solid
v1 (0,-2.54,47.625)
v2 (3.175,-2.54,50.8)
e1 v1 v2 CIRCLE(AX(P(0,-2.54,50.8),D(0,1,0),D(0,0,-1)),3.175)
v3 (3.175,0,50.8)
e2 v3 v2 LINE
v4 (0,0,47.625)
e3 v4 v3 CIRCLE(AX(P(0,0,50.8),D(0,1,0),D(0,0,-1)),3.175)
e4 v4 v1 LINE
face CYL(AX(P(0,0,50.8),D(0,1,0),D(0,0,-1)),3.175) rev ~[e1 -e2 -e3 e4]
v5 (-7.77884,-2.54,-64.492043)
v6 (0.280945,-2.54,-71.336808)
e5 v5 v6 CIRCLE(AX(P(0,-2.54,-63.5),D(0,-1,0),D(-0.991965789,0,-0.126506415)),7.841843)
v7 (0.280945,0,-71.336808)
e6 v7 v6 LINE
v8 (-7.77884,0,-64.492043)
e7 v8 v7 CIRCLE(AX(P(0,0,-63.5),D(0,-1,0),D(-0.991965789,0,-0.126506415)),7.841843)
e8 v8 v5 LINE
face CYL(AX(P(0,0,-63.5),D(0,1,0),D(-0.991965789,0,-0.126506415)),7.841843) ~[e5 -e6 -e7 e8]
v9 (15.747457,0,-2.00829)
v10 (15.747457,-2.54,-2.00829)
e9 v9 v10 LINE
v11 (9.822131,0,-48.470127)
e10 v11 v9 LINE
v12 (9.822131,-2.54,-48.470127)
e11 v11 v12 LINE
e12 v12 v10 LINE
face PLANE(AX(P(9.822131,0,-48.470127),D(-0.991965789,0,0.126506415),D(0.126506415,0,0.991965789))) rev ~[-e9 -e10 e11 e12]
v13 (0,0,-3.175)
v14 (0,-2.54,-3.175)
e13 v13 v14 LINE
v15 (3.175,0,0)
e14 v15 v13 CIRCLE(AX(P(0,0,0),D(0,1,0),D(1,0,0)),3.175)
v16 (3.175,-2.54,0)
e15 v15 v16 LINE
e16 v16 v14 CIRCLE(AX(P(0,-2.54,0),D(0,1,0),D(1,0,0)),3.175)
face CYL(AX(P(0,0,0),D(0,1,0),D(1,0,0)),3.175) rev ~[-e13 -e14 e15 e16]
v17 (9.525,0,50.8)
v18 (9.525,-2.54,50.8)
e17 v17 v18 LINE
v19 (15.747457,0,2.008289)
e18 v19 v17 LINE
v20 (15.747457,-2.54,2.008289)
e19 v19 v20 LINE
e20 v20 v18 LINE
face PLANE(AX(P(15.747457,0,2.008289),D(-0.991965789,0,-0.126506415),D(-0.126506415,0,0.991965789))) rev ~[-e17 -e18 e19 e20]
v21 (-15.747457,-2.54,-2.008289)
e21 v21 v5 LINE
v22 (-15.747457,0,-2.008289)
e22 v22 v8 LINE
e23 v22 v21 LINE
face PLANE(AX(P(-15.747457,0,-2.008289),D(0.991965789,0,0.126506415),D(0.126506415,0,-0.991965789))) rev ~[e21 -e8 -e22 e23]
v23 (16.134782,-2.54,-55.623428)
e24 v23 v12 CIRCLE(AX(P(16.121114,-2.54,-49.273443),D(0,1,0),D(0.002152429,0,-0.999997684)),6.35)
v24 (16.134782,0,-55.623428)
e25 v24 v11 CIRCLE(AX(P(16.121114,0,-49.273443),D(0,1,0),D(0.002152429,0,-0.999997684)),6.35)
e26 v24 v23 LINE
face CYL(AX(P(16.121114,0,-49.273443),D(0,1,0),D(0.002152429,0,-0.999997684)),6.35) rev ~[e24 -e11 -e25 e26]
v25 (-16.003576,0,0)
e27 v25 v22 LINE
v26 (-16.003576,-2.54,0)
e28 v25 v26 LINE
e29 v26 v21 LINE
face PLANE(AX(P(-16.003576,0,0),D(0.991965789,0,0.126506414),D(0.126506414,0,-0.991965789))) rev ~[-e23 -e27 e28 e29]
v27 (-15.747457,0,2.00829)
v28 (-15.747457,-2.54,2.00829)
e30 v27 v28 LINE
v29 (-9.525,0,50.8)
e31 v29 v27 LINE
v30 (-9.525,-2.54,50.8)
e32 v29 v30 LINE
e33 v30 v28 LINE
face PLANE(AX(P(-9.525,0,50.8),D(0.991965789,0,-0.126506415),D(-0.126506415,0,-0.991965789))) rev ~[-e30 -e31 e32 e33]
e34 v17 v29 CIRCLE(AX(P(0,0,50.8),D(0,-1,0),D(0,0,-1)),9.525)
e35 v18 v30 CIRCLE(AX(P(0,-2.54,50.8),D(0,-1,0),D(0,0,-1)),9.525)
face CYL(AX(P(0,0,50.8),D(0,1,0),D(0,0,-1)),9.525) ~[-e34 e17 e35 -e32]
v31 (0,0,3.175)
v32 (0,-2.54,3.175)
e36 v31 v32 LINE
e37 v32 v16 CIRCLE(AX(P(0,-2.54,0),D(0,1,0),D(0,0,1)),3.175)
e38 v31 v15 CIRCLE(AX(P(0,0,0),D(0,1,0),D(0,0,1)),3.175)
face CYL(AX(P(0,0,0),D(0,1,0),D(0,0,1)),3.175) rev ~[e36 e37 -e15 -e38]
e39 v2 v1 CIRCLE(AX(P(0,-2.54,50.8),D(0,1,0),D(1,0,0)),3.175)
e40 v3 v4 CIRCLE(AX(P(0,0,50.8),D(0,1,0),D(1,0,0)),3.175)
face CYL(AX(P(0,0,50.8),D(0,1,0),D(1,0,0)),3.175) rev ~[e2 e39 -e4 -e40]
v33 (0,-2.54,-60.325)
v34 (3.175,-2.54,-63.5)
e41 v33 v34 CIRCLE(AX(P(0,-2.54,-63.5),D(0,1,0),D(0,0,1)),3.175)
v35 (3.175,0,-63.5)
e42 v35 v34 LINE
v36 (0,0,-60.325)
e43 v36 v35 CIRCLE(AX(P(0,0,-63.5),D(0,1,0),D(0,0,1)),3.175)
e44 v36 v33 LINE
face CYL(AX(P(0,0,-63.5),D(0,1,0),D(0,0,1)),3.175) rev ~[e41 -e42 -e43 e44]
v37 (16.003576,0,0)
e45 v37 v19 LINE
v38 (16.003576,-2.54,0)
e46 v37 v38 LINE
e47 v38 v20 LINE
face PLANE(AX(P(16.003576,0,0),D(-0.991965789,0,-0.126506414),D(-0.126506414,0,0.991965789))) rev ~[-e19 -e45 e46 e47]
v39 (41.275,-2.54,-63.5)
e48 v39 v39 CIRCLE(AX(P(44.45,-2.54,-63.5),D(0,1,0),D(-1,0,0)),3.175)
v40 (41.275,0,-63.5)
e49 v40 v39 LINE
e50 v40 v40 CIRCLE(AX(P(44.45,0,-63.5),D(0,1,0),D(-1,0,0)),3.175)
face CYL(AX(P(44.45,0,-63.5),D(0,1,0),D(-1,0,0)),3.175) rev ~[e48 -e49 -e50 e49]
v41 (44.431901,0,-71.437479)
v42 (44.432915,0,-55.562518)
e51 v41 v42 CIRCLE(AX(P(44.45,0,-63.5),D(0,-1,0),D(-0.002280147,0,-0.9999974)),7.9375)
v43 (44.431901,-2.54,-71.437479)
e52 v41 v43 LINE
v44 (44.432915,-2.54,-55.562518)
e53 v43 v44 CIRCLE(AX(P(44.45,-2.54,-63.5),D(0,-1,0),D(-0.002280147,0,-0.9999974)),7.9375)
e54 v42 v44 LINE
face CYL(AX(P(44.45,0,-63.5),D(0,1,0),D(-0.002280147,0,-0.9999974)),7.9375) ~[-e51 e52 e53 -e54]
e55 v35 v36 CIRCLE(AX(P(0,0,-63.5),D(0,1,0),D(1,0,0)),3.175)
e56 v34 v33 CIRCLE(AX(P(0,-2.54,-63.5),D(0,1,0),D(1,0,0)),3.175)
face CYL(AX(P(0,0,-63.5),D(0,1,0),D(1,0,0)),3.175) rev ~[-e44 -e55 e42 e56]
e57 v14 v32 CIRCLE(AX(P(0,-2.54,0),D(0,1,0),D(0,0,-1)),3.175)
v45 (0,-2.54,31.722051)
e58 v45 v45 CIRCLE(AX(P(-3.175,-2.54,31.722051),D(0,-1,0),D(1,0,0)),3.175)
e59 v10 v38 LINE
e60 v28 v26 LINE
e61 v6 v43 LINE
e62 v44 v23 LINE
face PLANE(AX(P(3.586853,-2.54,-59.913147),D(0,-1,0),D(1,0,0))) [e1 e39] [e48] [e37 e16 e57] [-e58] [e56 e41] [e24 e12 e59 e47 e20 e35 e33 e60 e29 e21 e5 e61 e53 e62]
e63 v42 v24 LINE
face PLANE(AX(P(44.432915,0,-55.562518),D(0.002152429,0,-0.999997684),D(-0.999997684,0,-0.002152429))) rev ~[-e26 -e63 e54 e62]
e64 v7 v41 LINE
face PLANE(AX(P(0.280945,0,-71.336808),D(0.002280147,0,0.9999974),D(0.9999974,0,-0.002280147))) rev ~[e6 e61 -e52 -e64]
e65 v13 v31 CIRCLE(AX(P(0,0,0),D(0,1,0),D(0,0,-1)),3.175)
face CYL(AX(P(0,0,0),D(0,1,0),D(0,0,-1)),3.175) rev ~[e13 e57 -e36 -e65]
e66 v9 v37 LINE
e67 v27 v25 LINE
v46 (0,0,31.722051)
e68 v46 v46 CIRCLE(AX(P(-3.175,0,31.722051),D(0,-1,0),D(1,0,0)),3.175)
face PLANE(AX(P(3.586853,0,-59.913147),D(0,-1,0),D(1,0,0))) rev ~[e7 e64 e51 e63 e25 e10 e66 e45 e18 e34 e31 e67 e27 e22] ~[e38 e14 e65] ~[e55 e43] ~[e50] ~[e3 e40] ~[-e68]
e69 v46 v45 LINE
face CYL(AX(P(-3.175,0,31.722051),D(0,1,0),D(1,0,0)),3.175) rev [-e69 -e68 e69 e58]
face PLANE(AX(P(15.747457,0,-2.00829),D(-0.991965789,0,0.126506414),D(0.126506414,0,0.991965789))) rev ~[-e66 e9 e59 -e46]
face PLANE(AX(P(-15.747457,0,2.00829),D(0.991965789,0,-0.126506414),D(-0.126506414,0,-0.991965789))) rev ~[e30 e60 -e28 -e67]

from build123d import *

# Parameters (mm, degrees)
F0_R     = 3.175
F1_DEPTH = 2.54
F2_DEPTH = 2.54


with BuildPart() as f1:
    # F0 (on Front) → F1 (new body)
    with BuildSketch(Plane.XZ):
        with BuildLine():
            ThreePointArc((-9.525, 50.8), (-6.7351920908, 44.0648079092), (0, 41.275))
            ThreePointArc((0, 41.275), (6.7351920908, 44.0648079092), (9.525, 50.8))
            ThreePointArc((9.525, 50.8), (0, 60.325), (-9.525, 50.8))
        make_face()
        with BuildLine():
            ThreePointArc((3.175, 50.8), (2.2450640303, 48.5549359697), (0, 47.625))
            ThreePointArc((0, 47.625), (-2.2450640303, 53.0450640303), (3.175, 50.8))
        make_face(mode=Mode.SUBTRACT)
        with BuildLine():
            ThreePointArc((9.525, 50.8), (6.7351920908, 44.0648079092), (0, 41.275))
            Line((0, 41.275), (0, 31.7220508101))
            Line((0, 31.7220508101), (0, 15.875))
            ThreePointArc((0, 15.875), (10.4912828764, 11.9142187578), (15.747456912, 2.0082892734))
            Line((15.747456912, 2.0082892734), (9.525, 50.8))
        make_face()
        with BuildLine():
            Line((0, 31.7220508101), (0, 41.275))
            ThreePointArc((0, 41.275), (-6.7351920908, 44.0648079092), (-9.525, 50.8))
            Line((-9.525, 50.8), (-15.7474568676, 2.0082896216))
            ThreePointArc((-15.7474568676, 2.0082896216), (-10.4912827447, 11.9142188737), (0, 15.875))
            Line((0, 15.875), (0, 31.7220508101))
        make_face()
        with Locations((-3.175, 31.7220508101)):
            Circle(F0_R, mode=Mode.SUBTRACT)
        with BuildLine():
            ThreePointArc((15.747456912, 2.0082892734), (10.4912828764, 11.9142187578), (0, 15.875))
            Line((0, 15.875), (0, 3.175))
            ThreePointArc((0, 3.175), (2.2450640303, 2.2450640303), (3.175, 0))
            ThreePointArc((3.175, 0), (2.2450640303, -2.2450640303), (0, -3.175))
            Line((0, -3.175), (0, -15.875))
            ThreePointArc((0, -15.875), (10.4912827447, -11.9142188737), (15.7474568676, -2.0082896216))
            ThreePointArc((15.7474568676, -2.0082896216), (15.8430821303, -1.006167786), (15.875, 0))
            ThreePointArc((15.875, 0), (15.8430821414, 1.0061676109), (15.747456912, 2.0082892734))
        make_face()
        with BuildLine():
            Line((0, 3.175), (0, 15.875))
            ThreePointArc((0, 15.875), (-10.4912827447, 11.9142188737), (-15.7474568676, 2.0082896216))
            ThreePointArc((-15.7474568676, 2.0082896216), (-15.875, 8.81e-08), (-15.7474568899, -2.0082894468))
            ThreePointArc((-15.7474568899, -2.0082894468), (-10.4912828108, -11.9142188155), (0, -15.875))
            Line((0, -15.875), (0, -3.175))
            ThreePointArc((0, -3.175), (-3.175, 0), (0, 3.175))
        make_face()
        with BuildLine():
            ThreePointArc((-15.7474568899, -2.0082894468), (-15.875, 8.81e-08), (-15.7474568676, 2.0082896216))
            Line((-15.7474568676, 2.0082896216), (-16.0035761028, 0))
            Line((-16.0035761028, 0), (-15.7474568899, -2.0082894468))
        make_face()
        with BuildLine():
            Line((16.0035761028, 0), (15.747456912, 2.0082892734))
            ThreePointArc((15.747456912, 2.0082892734), (15.8430821414, 1.0061676109), (15.875, 0))
            ThreePointArc((15.875, 0), (15.8430821303, -1.006167786), (15.7474568676, -2.0082896216))
            Line((15.7474568676, -2.0082896216), (16.0035761028, 0))
        make_face()
        with BuildLine():
            ThreePointArc((0, -15.875), (-10.4912828108, -11.9142188155), (-15.7474568899, -2.0082894468))
            Line((-15.7474568899, -2.0082894468), (-7.778839662, -64.4920434004))
            ThreePointArc((-7.778839662, -64.4920434004), (-5.8853183801, -58.3175754555), (0, -55.6581573215))
            Line((0, -55.6581573215), (0, -15.875))
        make_face()
        with BuildLine():
            ThreePointArc((15.7474568676, -2.0082896216), (10.4912827447, -11.9142188737), (0, -15.875))
            Line((0, -15.875), (0, -55.6581573215))
            ThreePointArc((0, -55.6581573215), (5.545020135, -57.954979865), (7.8418426785, -63.5))
            Line((7.8418426785, -63.5), (36.5125, -63.5))
            ThreePointArc((36.5125, -63.5), (38.831302744, -57.8933836055), (44.4329150916, -55.5625183871))
            Line((44.4329150916, -55.5625183871), (16.1347817513, -55.6234282624))
            ThreePointArc((16.1347817513, -55.6234282624), (11.3599454256, -53.4750825896), (9.8221310627, -48.4701272399))
            Line((9.8221310627, -48.4701272399), (15.7474568676, -2.0082896216))
        make_face()
        with BuildLine():
            ThreePointArc((0, -55.6581573215), (-5.8853183801, -58.3175754555), (-7.778839662, -64.4920434004))
            ThreePointArc((-7.778839662, -64.4920434004), (-5.0761507437, -69.4772226177), (0.2809454712, -71.3368084216))
            ThreePointArc((0.2809454712, -71.3368084216), (5.6434752937, -68.9447849548), (7.8418426785, -63.5))
            Line((7.8418426785, -63.5), (3.175, -63.5))
            ThreePointArc((3.175, -63.5), (-2.2450640303, -65.7450640303), (0, -60.325))
            Line((0, -60.325), (0, -55.6581573215))
        make_face()
        with BuildLine():
            ThreePointArc((7.8418426785, -63.5), (5.6434752937, -68.9447849548), (0.2809454712, -71.3368084216))
            Line((0.2809454712, -71.3368084216), (44.4319013308, -71.4374793662))
            ThreePointArc((44.4319013308, -71.4374793662), (38.8309447219, -69.1062575781), (36.5125, -63.5))
            Line((36.5125, -63.5), (7.8418426785, -63.5))
        make_face()
        with BuildLine():
            ThreePointArc((36.5125, -63.5), (38.8309447219, -69.1062575781), (44.4319013308, -71.4374793662))
            ThreePointArc((44.4319013308, -71.4374793662), (50.0562575781, -69.1190552781), (52.3875, -63.5))
            ThreePointArc((52.3875, -63.5), (50.0566163945, -57.881302744), (44.4329150916, -55.5625183871))
            ThreePointArc((44.4329150916, -55.5625183871), (38.831302744, -57.8933836055), (36.5125, -63.5))
        make_face()
        with BuildLine():
            ThreePointArc((47.625, -63.5), (44.45, -66.675), (41.275, -63.5))
            ThreePointArc((41.275, -63.5), (44.45, -60.325), (47.625, -63.5))
        make_face(mode=Mode.SUBTRACT)
    extrude(amount=F1_DEPTH)

    # F0 (on Front) → F2 (join)
    with BuildSketch(Plane.XZ):
        with BuildLine():
            ThreePointArc((7.8418426785, -63.5), (5.545020135, -57.954979865), (0, -55.6581573215))
            Line((0, -55.6581573215), (0, -60.325))
            ThreePointArc((0, -60.325), (2.2450640303, -61.2549359697), (3.175, -63.5))
            Line((3.175, -63.5), (7.8418426785, -63.5))
        make_face()
    extrude(amount=F2_DEPTH)


solid = f1.part
